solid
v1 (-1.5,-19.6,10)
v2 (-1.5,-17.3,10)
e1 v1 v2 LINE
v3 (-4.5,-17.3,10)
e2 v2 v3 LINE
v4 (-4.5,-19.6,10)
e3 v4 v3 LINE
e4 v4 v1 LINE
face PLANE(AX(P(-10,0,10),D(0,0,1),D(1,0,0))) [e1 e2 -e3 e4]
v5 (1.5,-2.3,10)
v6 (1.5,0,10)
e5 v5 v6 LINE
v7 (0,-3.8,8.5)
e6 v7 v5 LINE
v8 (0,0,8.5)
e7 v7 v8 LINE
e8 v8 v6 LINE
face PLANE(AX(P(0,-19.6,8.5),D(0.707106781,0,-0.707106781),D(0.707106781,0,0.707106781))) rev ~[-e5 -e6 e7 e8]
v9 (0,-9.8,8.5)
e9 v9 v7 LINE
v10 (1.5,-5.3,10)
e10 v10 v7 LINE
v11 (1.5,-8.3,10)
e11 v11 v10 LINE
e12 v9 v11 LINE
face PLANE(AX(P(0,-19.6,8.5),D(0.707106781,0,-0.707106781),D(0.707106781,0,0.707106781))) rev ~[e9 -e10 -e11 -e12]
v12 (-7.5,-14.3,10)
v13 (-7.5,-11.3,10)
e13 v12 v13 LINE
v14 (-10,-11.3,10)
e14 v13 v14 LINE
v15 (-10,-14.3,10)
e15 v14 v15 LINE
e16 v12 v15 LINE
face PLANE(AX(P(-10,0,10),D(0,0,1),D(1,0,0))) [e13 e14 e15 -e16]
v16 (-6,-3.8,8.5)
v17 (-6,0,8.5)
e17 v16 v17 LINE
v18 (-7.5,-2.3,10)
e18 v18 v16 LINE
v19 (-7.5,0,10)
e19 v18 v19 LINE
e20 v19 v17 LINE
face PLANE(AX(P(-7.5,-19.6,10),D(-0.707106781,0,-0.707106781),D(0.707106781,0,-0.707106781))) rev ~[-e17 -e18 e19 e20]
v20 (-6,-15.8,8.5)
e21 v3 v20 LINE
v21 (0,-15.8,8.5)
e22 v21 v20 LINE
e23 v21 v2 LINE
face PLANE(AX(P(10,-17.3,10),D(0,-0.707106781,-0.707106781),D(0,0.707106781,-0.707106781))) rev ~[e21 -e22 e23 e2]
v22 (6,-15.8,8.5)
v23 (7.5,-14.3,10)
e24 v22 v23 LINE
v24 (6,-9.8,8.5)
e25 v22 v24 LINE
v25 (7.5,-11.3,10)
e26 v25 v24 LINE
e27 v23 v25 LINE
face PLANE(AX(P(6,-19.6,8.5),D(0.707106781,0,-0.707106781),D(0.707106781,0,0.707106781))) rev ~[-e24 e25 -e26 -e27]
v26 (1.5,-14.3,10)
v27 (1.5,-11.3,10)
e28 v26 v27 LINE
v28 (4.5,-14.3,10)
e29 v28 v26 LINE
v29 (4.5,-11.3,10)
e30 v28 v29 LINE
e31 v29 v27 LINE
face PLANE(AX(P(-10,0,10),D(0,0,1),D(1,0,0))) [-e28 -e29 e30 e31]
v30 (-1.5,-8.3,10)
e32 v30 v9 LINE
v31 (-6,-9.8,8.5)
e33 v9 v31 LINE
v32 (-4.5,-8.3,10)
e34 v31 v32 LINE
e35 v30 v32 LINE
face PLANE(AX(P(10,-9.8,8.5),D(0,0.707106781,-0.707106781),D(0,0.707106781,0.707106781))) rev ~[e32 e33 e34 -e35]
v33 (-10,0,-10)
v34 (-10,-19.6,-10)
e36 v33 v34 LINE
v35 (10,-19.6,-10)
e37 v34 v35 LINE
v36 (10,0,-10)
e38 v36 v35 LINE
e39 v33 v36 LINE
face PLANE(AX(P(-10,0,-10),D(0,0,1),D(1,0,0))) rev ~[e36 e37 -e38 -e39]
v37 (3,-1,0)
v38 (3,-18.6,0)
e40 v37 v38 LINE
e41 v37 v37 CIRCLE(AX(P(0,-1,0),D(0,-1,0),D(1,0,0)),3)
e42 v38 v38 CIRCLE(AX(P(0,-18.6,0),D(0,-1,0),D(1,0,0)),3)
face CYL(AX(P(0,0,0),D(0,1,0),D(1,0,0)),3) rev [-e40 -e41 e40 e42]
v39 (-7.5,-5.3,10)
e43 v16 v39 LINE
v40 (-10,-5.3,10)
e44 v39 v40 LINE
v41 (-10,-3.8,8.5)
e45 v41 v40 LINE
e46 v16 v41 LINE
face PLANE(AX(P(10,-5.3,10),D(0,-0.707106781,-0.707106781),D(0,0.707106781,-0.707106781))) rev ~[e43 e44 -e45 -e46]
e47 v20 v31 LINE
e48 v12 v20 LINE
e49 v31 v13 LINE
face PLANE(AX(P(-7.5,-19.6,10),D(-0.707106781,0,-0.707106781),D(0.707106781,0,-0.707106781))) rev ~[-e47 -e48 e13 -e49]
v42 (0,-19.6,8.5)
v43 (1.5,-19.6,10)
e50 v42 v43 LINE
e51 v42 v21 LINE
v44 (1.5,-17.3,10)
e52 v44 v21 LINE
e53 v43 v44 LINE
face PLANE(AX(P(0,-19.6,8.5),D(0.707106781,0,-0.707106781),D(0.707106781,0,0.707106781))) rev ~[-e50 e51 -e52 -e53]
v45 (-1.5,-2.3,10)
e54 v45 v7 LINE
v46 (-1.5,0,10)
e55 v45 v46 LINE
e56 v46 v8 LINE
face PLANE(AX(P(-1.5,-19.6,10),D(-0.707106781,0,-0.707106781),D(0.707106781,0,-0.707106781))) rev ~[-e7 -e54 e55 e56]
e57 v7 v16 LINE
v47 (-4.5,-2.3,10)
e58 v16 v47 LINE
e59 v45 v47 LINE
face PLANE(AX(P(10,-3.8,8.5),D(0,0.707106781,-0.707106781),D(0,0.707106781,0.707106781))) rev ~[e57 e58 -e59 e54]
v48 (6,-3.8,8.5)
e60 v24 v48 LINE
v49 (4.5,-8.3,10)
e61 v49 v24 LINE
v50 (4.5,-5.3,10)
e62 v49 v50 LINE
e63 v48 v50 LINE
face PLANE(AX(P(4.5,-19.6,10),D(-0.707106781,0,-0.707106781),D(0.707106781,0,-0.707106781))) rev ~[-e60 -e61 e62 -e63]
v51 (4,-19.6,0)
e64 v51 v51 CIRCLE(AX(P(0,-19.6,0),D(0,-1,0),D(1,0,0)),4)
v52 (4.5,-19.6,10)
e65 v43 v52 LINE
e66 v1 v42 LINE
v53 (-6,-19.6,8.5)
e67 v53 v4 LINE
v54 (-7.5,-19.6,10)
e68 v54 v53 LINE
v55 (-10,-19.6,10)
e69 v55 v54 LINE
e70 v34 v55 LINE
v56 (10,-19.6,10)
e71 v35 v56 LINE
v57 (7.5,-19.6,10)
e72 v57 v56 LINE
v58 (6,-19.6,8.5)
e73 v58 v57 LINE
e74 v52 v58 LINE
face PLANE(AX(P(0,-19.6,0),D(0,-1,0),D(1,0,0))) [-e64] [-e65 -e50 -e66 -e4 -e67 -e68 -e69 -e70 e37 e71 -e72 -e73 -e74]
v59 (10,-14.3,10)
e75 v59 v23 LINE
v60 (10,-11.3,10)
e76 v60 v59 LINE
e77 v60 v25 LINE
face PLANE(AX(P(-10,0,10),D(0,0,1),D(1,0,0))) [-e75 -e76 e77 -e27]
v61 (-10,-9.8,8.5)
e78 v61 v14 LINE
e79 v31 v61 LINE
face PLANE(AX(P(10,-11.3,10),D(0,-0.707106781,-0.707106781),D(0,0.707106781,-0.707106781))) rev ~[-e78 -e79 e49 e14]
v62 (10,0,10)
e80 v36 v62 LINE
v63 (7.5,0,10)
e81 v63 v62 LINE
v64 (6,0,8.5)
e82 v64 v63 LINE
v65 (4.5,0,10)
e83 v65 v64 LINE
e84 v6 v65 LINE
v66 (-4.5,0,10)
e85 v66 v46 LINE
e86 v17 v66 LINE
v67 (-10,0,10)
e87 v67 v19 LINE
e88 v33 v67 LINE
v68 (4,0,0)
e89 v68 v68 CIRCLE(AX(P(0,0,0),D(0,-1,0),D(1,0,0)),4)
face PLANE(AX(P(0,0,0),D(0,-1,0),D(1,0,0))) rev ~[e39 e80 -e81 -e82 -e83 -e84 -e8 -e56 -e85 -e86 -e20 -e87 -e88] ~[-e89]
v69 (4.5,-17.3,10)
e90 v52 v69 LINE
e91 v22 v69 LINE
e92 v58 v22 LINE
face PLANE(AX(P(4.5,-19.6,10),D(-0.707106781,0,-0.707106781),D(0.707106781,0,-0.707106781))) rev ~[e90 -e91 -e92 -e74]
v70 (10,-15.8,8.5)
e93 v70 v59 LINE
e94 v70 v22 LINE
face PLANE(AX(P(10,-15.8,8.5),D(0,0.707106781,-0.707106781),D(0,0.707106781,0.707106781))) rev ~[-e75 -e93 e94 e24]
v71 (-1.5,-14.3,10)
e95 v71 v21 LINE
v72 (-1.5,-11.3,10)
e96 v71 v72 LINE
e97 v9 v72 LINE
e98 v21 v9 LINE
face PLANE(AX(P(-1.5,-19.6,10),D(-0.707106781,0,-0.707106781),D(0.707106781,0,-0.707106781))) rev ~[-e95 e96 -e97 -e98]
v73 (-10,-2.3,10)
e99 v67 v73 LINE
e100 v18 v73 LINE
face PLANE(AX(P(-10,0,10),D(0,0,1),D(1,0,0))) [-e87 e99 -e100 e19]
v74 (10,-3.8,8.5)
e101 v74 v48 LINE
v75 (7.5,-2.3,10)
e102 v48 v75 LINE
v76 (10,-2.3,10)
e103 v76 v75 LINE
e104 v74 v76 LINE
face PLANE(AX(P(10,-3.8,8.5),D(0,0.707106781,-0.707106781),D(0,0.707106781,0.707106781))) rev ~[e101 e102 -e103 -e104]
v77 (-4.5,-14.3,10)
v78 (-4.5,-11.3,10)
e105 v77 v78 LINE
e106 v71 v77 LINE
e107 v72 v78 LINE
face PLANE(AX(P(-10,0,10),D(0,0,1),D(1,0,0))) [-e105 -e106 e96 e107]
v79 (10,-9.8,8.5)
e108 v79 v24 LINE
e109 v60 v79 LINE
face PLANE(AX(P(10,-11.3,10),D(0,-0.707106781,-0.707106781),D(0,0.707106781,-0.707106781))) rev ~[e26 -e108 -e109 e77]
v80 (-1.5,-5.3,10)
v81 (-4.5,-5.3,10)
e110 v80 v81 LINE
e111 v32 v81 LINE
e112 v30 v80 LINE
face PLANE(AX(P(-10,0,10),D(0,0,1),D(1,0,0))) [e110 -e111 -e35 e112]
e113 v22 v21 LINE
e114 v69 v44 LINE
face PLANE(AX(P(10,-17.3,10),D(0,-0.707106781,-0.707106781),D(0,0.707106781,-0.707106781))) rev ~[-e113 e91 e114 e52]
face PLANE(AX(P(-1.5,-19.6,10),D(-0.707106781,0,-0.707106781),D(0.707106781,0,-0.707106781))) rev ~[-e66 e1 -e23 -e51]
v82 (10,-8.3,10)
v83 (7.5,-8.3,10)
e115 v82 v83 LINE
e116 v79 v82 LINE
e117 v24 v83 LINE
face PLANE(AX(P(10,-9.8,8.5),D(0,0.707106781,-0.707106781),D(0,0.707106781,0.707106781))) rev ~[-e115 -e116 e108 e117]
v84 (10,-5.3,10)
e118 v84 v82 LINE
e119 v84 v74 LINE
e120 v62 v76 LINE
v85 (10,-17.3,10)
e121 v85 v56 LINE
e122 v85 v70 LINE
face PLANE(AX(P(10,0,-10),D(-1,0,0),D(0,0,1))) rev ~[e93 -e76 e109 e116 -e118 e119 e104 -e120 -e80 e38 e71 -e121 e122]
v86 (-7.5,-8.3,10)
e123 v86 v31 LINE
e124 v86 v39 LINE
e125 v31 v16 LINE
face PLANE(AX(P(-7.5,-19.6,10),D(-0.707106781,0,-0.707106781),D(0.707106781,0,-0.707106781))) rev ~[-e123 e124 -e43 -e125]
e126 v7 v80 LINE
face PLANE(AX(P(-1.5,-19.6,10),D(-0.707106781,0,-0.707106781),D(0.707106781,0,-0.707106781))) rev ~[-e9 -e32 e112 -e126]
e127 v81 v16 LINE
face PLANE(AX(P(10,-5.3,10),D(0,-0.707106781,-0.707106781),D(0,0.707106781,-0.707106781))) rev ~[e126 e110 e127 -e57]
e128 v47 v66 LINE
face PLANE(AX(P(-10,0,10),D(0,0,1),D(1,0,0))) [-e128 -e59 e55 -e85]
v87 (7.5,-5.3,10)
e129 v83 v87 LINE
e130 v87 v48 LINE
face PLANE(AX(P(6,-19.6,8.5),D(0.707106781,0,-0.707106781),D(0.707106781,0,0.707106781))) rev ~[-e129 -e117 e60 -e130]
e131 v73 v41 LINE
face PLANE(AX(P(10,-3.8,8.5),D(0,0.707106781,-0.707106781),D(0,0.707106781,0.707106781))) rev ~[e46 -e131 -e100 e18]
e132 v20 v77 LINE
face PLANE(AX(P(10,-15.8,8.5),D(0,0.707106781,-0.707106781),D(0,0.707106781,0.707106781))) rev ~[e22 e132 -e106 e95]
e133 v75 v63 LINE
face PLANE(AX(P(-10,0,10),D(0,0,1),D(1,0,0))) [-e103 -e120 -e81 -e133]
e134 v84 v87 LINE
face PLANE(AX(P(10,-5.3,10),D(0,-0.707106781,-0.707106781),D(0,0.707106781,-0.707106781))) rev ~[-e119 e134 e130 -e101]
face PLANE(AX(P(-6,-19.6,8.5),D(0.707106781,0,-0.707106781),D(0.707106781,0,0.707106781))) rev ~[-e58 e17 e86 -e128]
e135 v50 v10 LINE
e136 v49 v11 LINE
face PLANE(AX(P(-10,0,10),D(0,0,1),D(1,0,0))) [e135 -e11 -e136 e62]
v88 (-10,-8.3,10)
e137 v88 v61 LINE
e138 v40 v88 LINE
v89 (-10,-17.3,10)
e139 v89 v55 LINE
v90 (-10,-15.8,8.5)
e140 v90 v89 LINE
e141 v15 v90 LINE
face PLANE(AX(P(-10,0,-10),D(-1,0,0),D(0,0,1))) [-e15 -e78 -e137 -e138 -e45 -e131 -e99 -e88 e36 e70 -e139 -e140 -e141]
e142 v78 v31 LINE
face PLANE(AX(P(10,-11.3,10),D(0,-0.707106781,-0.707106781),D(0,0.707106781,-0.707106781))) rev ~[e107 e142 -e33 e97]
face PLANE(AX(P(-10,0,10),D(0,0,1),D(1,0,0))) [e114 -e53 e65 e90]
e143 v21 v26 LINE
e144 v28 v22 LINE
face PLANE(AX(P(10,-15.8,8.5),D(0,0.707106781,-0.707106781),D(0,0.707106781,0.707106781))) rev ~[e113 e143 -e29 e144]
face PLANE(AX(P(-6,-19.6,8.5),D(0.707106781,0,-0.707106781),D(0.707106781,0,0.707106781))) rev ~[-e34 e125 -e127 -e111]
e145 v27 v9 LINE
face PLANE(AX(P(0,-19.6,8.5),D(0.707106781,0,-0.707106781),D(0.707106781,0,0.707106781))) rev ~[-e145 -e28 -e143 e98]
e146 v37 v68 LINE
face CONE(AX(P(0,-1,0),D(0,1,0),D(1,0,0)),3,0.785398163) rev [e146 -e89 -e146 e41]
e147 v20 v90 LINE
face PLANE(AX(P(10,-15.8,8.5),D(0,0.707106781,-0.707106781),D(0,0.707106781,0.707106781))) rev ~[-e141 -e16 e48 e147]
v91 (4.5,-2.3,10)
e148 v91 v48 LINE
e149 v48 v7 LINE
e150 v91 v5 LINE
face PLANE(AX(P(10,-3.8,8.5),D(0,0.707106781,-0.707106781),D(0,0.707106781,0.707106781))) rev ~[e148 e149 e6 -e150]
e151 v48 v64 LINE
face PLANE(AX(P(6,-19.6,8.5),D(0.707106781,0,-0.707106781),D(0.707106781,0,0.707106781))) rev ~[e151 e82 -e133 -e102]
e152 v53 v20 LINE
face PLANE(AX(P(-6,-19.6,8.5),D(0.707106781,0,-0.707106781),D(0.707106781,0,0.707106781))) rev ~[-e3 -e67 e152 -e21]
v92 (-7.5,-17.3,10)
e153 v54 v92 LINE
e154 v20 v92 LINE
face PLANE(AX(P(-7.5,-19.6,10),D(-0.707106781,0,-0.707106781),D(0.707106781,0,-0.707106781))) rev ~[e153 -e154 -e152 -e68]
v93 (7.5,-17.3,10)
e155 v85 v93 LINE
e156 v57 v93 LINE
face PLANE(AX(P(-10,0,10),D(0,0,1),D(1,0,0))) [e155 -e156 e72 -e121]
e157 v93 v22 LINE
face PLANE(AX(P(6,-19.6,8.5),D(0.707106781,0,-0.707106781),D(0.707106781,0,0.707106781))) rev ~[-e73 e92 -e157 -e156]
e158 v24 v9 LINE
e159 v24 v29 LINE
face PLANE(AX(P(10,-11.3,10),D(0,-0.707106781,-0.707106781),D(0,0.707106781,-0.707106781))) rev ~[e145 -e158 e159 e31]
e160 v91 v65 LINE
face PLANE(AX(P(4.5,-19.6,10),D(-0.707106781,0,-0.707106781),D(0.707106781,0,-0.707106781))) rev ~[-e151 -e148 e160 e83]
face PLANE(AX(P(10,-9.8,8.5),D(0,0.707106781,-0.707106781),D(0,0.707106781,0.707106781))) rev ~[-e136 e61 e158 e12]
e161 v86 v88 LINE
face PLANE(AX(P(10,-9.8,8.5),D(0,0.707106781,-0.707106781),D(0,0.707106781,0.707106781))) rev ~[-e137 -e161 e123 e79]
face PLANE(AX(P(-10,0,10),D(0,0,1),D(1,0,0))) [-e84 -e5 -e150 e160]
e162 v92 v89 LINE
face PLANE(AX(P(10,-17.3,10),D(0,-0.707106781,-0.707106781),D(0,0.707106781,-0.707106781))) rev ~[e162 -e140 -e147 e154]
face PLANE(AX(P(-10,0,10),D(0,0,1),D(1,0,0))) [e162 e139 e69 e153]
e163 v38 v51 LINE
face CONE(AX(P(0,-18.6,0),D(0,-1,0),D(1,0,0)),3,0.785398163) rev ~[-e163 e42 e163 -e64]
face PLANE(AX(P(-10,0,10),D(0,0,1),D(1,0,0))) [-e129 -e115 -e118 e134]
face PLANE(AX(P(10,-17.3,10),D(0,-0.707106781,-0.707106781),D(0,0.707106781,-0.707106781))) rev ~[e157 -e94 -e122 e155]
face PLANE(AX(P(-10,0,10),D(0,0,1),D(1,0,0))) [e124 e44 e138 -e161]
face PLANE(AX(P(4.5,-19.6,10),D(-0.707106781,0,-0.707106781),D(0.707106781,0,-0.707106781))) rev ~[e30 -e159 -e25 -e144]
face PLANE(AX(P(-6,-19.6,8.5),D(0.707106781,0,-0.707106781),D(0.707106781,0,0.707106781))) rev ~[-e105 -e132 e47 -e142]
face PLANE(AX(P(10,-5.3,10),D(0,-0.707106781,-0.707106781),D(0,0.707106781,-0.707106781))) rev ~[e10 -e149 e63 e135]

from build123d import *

# Parameters (mm, degrees)
F0_W     = 20
F0_H     = 20
F0_R     = 3
F1_DEPTH = 19.6
F2_SIZE  = 1
F4_DEPTH = 19.601
F6_DEPTH = 20.001


with BuildPart() as f1:
    # F0 (on Front) → F1 (new body)
    with BuildSketch(Plane.XZ):
        Rectangle(F0_W, F0_H)
        Circle(F0_R, mode=Mode.SUBTRACT)
    extrude(amount=F1_DEPTH)

    # F2
    f2_edges = [f1.edges().sort_by_distance(p)[0] for p in [
        (-3, -19.6, 0),
        (-3, 0, 0),
    ]]
    chamfer(f2_edges, length=F2_SIZE)

    # F3 (on face) → F4 (cut, through all)
    with BuildSketch(Plane.XZ.offset(19.6)):
        Polygon((-4.5, 10), (-7.5, 10), (-6, 8.5), align=None)
        Polygon((1.5, 10), (-1.5, 10), (0, 8.5), align=None)
        Polygon((7.5, 10), (4.5, 10), (6, 8.5), align=None)
    extrude(amount=-F4_DEPTH, mode=Mode.SUBTRACT)

    # F5 (on face) → F6 (cut, through all)
    with BuildSketch(Plane.YZ.offset(10)):
        Polygon((-14.3, 10), (-17.3, 10), (-15.8, 8.5), align=None)
        Polygon((-8.3, 10), (-11.3, 10), (-9.8, 8.5), align=None)
        Polygon((-2.3, 10), (-5.3, 10), (-3.8, 8.5), align=None)
    extrude(amount=-F6_DEPTH, mode=Mode.SUBTRACT)


solid = f1.part
